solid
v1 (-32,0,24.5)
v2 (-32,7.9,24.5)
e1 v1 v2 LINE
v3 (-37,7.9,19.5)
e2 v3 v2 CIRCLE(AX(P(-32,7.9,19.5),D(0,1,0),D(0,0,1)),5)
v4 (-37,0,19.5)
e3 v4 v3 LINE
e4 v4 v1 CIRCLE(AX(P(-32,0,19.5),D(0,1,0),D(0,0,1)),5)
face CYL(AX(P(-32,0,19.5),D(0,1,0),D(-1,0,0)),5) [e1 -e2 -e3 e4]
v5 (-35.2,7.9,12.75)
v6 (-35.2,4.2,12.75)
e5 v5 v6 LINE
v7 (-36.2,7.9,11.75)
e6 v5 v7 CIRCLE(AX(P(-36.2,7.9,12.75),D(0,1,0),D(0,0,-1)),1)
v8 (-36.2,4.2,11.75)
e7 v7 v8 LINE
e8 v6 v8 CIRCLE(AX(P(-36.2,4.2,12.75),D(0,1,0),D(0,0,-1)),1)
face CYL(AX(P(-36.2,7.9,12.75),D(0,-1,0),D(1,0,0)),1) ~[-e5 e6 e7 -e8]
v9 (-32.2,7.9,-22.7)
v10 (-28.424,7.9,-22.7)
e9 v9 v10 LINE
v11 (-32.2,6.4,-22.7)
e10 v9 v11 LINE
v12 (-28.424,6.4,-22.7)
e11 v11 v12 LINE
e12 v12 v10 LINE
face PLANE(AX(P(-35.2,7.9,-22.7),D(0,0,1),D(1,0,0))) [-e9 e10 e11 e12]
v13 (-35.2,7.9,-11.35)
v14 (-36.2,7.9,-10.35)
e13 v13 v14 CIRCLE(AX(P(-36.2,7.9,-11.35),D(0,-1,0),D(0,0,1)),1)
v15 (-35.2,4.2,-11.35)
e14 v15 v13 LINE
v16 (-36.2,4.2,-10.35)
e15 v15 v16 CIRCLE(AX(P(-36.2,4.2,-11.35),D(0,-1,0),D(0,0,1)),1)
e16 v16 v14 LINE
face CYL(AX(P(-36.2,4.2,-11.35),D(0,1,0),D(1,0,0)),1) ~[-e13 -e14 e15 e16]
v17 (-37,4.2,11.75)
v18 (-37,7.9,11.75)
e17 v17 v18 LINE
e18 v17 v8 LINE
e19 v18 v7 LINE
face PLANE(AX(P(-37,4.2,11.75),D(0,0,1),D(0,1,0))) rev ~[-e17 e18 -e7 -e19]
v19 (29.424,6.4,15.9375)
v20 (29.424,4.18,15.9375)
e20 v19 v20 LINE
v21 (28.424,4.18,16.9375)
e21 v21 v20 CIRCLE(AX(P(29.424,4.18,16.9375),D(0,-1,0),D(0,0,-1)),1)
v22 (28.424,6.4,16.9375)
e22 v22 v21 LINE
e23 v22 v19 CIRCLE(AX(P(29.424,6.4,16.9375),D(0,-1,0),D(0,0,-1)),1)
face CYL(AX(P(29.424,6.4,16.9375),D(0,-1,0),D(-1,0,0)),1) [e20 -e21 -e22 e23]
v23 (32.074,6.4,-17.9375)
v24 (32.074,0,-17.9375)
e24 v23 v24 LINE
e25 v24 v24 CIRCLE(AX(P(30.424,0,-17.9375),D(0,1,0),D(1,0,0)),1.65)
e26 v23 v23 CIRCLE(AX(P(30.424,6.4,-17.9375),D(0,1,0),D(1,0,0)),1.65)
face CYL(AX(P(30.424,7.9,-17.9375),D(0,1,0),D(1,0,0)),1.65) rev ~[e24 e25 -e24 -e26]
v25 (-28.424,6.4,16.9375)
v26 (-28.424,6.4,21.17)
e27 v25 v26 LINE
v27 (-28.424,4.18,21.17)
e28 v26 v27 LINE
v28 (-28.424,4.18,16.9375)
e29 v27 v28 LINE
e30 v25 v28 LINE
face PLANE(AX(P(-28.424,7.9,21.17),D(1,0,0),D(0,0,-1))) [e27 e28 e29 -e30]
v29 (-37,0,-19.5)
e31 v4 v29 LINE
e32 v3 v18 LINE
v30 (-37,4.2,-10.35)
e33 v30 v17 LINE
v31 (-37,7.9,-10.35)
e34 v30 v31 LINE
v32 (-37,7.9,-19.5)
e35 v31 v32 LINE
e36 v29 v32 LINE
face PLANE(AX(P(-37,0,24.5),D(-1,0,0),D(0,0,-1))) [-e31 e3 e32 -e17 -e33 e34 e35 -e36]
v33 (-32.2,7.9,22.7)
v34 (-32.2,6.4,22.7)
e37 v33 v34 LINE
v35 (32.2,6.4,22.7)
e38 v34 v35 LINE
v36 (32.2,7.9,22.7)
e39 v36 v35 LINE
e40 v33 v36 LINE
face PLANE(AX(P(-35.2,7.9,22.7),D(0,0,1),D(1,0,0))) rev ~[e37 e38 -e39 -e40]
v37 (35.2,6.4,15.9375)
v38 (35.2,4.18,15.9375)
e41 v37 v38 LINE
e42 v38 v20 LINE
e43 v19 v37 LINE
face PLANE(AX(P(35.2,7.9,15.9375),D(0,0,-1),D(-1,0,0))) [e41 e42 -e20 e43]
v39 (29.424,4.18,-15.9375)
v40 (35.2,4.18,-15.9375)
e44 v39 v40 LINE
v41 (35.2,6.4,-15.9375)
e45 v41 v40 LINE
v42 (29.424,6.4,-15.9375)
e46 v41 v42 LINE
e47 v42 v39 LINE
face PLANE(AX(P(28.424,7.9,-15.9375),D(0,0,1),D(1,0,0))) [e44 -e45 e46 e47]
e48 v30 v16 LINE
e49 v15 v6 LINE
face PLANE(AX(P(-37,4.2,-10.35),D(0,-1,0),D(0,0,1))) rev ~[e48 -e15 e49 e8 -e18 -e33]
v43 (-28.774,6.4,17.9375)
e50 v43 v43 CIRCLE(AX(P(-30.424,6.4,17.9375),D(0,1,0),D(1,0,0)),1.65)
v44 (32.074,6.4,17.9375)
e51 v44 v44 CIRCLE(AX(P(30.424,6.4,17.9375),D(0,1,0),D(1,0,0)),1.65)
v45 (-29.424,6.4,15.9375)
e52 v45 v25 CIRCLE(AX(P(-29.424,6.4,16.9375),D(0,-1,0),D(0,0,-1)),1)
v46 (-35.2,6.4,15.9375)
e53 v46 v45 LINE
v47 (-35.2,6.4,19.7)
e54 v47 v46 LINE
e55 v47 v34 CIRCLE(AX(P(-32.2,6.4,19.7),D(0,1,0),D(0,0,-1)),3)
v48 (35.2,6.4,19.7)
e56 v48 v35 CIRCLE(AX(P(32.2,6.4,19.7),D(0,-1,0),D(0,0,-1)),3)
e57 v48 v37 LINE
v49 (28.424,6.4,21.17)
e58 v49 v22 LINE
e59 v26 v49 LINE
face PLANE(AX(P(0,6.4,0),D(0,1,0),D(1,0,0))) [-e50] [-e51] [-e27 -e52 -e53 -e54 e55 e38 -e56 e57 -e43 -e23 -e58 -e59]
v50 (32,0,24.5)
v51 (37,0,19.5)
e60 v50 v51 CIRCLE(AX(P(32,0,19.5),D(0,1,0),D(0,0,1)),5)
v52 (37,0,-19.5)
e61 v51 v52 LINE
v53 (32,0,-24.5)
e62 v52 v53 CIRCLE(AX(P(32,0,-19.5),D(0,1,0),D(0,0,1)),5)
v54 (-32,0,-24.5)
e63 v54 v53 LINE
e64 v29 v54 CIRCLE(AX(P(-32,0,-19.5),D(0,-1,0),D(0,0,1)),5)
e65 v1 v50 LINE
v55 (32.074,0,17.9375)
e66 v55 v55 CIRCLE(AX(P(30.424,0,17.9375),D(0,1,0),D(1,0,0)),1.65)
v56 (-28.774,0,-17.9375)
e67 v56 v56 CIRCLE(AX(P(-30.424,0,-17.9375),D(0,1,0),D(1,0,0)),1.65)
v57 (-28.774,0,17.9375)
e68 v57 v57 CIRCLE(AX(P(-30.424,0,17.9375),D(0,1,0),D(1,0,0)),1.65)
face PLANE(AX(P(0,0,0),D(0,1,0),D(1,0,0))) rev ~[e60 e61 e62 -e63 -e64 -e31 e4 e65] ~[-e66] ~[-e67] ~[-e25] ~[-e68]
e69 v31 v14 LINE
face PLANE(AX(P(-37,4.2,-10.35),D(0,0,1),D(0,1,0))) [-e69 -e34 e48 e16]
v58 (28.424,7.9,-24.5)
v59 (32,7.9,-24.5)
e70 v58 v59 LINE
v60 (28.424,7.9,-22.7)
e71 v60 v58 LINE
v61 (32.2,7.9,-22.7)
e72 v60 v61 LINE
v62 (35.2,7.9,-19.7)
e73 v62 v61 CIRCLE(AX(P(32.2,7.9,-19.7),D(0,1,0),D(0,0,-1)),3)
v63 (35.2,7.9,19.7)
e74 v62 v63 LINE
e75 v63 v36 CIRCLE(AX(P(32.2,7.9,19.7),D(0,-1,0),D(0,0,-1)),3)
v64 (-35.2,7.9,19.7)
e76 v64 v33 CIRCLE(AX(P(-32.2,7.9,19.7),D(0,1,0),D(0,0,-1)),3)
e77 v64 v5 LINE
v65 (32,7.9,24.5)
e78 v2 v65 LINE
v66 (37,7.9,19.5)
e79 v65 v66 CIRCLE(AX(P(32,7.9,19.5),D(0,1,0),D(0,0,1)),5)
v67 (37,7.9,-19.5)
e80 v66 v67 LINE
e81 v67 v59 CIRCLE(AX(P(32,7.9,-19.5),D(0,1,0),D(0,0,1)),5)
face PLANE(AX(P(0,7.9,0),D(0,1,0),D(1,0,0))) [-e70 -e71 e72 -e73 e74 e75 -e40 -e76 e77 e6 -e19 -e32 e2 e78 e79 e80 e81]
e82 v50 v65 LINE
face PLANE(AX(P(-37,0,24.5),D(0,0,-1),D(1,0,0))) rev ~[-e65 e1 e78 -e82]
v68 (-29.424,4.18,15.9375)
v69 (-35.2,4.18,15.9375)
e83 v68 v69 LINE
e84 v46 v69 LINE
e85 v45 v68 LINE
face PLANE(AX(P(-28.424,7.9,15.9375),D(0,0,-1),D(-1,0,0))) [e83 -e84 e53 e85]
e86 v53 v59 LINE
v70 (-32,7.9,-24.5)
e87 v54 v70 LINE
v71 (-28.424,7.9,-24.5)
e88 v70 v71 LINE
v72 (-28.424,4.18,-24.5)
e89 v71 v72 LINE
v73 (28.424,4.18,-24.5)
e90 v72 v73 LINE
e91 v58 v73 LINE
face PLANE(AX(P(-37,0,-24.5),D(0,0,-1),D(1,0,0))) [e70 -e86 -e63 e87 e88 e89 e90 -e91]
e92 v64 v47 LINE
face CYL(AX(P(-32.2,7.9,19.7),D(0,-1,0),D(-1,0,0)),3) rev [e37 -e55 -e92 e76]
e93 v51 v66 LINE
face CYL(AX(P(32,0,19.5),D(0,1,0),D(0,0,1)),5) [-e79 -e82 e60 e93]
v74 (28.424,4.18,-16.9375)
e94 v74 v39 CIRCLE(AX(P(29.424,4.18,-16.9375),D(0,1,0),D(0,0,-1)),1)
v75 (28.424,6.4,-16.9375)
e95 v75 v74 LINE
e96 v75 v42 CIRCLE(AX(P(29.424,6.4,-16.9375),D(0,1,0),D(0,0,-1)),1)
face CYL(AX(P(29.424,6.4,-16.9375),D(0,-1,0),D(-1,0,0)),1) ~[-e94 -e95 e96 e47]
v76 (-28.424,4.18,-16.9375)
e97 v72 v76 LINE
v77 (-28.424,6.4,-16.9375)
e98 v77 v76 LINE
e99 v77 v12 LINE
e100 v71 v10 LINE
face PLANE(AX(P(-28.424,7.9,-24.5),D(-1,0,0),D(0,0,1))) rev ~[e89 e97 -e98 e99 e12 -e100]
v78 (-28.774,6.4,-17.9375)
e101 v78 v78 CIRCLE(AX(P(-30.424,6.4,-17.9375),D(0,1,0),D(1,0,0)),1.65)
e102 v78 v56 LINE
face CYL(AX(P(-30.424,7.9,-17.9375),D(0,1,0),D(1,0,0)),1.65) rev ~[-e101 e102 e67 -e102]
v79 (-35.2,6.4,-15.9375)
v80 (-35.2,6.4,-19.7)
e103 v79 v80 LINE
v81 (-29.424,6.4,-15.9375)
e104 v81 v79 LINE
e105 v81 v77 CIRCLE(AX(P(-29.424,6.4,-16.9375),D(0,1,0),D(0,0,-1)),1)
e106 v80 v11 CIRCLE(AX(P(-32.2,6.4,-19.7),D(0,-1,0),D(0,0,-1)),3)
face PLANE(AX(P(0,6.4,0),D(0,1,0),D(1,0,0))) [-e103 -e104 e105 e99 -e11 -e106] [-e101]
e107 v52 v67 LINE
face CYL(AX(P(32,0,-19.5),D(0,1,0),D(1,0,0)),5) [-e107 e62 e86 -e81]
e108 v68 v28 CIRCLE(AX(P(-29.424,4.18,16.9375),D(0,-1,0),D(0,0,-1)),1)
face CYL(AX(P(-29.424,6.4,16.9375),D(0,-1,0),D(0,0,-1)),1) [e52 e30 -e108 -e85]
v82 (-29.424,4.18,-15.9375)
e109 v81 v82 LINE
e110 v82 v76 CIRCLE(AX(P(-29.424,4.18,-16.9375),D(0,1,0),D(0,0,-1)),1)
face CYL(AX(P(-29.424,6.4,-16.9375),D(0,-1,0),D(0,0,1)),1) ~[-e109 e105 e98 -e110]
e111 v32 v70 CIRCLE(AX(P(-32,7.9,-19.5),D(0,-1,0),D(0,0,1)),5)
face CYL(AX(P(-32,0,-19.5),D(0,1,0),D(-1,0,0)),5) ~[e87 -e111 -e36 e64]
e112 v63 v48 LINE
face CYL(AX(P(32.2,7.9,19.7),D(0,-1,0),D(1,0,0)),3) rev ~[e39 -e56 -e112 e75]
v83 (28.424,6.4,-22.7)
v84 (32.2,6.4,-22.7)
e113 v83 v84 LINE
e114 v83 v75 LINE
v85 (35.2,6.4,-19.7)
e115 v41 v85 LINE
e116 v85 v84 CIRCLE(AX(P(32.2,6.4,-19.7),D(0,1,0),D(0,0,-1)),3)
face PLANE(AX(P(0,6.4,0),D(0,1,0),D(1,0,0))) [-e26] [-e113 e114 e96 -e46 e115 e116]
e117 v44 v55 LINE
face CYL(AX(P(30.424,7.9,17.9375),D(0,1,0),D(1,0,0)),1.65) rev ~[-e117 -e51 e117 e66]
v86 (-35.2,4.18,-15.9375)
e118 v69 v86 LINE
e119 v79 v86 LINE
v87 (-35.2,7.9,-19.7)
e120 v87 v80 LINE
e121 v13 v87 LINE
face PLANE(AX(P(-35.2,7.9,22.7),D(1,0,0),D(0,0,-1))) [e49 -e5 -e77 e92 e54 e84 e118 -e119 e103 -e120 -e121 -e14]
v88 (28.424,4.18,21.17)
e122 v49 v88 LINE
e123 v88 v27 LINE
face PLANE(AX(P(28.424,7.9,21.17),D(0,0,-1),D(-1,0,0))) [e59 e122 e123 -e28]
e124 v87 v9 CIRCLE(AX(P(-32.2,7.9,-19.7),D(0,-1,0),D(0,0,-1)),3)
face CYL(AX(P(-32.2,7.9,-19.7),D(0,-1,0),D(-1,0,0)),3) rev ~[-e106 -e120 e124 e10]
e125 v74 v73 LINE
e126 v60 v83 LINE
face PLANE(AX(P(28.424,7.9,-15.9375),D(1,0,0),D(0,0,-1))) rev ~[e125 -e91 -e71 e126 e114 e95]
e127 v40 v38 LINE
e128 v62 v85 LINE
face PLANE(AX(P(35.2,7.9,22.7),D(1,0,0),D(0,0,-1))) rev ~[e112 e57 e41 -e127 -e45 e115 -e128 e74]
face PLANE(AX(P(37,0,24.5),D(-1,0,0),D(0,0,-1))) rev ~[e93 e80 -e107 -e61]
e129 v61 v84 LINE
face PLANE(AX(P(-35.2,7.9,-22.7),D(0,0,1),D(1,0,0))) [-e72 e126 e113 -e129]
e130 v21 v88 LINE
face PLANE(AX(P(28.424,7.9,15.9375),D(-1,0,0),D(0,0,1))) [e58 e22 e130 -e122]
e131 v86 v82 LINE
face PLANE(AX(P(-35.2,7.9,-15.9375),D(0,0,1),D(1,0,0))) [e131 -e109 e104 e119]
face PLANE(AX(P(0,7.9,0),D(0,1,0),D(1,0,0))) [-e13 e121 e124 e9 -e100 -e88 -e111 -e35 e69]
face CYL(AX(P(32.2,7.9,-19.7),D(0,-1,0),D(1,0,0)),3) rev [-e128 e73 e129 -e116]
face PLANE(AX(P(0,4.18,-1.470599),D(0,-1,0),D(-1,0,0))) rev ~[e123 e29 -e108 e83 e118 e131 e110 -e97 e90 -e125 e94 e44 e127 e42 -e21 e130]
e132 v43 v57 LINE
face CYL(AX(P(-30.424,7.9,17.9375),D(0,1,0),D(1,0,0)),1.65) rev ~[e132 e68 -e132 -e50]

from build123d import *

# Parameters (mm, degrees)
SKETCH1_W           = 74
SKETCH1_H           = 49
BOSS_EXTRUDE1_DEPTH = 7.9
FILLET1_R           = 5
CUT_EXTRUDE4_DEPTH  = 3.72
SKETCH3_R           = 1.65
CUT_EXTRUDE6_DEPTH  = 7.9
SKETCH7_W           = 22.1
SKETCH7_H           = 3.7
CUT_EXTRUDE7_DEPTH  = 3
SKETCH8_W           = 70.4
SKETCH8_H           = 45.4
CUT_EXTRUDE8_DEPTH  = 1.5
FILLET3_R           = 3
FILLET4_R           = 1
FILLET5_R           = 1
FILLET6_R           = 1


with BuildPart() as part:
    # Sketch1 → Boss-Extrude1 (new body)
    with BuildSketch(Plane(origin=(0, 0, 0), x_dir=(1, 0, 0), z_dir=(0, 1, 0))):
        Rectangle(SKETCH1_W, SKETCH1_H)
    extrude(amount=BOSS_EXTRUDE1_DEPTH)

    # Fillet1
    fillet1_edges = [part.edges().sort_by_distance(p)[0] for p in [
        (37, 3.95, 24.5),
        (-37, 3.95, 24.5),
        (-37, 3.95, -24.5),
        (37, 3.95, -24.5),
    ]]
    fillet(fillet1_edges, radius=FILLET1_R)

    # Sketch5 → Cut-Extrude4 (cut)
    with BuildSketch(Plane(origin=(0, 7.9, 0), x_dir=(1, 0, 0), z_dir=(0, 1, 0))):
        Polygon((-35.2, 15.9375), (-28.424, 15.9375), (-28.424, 21.171805633), (-28.424, 24.5), (28.424, 24.5), (28.424, 21.171805633), (28.424, 15.9375), (35.2, 15.9375), (35.2, -15.9375), (28.424, -15.9375), (28.424, -21.17), (-28.424, -21.17), (-28.424, -15.9375), (-35.2, -15.9375), align=None)
    extrude(amount=-CUT_EXTRUDE4_DEPTH, mode=Mode.SUBTRACT)

    # Sketch3 → Cut-Extrude6 (cut)
    with BuildSketch(Plane(origin=(0, 7.9, 0), x_dir=(1, 0, 0), z_dir=(0, 1, 0))):
        with Locations((-30.424, 17.9375)):
            Circle(SKETCH3_R)
        with Locations((30.424, 17.9375)):
            Circle(SKETCH3_R)
        with Locations((-30.424, -17.9375)):
            Circle(SKETCH3_R)
        with Locations((30.424, -17.9375)):
            Circle(SKETCH3_R)
    extrude(amount=-CUT_EXTRUDE6_DEPTH, mode=Mode.SUBTRACT)

    # Sketch7 → Cut-Extrude7 (cut)
    with BuildSketch(Plane.ZY.offset(37)):
        with Locations((0.7, 6.05)):
            Rectangle(SKETCH7_W, SKETCH7_H)
    extrude(amount=-CUT_EXTRUDE7_DEPTH, mode=Mode.SUBTRACT)

    # Sketch8 → Cut-Extrude8 (cut)
    with BuildSketch(Plane(origin=(0, 7.9, 0), x_dir=(1, 0, 0), z_dir=(0, 1, 0))):
        Rectangle(SKETCH8_W, SKETCH8_H)
    extrude(amount=-CUT_EXTRUDE8_DEPTH, mode=Mode.SUBTRACT)

    # Fillet3
    fillet3_edges = [part.edges().sort_by_distance(p)[0] for p in [
        (-35.2, 7.15, -22.7),
        (35.2, 7.15, -22.7),
        (-35.2, 7.15, 22.7),
        (35.2, 7.15, 22.7),
    ]]
    fillet(fillet3_edges, radius=FILLET3_R)

    # Fillet4
    fillet4_edges = [part.edges().sort_by_distance(p)[0] for p in [
        (-28.424, 5.29, -15.9375),
        (28.424, 5.29, -15.9375),
    ]]
    fillet(fillet4_edges, radius=FILLET4_R)

    # Fillet5
    fillet5_edges = [part.edges().sort_by_distance(p)[0] for p in [
        (28.424, 5.29, 15.9375),
        (-28.424, 5.29, 15.9375),
    ]]
    fillet(fillet5_edges, radius=FILLET5_R)

    # Fillet6
    fillet6_edges = [part.edges().sort_by_distance(p)[0] for p in [
        (-35.2, 6.05, -10.35),
        (-35.2, 6.05, 11.75),
    ]]
    fillet(fillet6_edges, radius=FILLET6_R)


solid = part.part
